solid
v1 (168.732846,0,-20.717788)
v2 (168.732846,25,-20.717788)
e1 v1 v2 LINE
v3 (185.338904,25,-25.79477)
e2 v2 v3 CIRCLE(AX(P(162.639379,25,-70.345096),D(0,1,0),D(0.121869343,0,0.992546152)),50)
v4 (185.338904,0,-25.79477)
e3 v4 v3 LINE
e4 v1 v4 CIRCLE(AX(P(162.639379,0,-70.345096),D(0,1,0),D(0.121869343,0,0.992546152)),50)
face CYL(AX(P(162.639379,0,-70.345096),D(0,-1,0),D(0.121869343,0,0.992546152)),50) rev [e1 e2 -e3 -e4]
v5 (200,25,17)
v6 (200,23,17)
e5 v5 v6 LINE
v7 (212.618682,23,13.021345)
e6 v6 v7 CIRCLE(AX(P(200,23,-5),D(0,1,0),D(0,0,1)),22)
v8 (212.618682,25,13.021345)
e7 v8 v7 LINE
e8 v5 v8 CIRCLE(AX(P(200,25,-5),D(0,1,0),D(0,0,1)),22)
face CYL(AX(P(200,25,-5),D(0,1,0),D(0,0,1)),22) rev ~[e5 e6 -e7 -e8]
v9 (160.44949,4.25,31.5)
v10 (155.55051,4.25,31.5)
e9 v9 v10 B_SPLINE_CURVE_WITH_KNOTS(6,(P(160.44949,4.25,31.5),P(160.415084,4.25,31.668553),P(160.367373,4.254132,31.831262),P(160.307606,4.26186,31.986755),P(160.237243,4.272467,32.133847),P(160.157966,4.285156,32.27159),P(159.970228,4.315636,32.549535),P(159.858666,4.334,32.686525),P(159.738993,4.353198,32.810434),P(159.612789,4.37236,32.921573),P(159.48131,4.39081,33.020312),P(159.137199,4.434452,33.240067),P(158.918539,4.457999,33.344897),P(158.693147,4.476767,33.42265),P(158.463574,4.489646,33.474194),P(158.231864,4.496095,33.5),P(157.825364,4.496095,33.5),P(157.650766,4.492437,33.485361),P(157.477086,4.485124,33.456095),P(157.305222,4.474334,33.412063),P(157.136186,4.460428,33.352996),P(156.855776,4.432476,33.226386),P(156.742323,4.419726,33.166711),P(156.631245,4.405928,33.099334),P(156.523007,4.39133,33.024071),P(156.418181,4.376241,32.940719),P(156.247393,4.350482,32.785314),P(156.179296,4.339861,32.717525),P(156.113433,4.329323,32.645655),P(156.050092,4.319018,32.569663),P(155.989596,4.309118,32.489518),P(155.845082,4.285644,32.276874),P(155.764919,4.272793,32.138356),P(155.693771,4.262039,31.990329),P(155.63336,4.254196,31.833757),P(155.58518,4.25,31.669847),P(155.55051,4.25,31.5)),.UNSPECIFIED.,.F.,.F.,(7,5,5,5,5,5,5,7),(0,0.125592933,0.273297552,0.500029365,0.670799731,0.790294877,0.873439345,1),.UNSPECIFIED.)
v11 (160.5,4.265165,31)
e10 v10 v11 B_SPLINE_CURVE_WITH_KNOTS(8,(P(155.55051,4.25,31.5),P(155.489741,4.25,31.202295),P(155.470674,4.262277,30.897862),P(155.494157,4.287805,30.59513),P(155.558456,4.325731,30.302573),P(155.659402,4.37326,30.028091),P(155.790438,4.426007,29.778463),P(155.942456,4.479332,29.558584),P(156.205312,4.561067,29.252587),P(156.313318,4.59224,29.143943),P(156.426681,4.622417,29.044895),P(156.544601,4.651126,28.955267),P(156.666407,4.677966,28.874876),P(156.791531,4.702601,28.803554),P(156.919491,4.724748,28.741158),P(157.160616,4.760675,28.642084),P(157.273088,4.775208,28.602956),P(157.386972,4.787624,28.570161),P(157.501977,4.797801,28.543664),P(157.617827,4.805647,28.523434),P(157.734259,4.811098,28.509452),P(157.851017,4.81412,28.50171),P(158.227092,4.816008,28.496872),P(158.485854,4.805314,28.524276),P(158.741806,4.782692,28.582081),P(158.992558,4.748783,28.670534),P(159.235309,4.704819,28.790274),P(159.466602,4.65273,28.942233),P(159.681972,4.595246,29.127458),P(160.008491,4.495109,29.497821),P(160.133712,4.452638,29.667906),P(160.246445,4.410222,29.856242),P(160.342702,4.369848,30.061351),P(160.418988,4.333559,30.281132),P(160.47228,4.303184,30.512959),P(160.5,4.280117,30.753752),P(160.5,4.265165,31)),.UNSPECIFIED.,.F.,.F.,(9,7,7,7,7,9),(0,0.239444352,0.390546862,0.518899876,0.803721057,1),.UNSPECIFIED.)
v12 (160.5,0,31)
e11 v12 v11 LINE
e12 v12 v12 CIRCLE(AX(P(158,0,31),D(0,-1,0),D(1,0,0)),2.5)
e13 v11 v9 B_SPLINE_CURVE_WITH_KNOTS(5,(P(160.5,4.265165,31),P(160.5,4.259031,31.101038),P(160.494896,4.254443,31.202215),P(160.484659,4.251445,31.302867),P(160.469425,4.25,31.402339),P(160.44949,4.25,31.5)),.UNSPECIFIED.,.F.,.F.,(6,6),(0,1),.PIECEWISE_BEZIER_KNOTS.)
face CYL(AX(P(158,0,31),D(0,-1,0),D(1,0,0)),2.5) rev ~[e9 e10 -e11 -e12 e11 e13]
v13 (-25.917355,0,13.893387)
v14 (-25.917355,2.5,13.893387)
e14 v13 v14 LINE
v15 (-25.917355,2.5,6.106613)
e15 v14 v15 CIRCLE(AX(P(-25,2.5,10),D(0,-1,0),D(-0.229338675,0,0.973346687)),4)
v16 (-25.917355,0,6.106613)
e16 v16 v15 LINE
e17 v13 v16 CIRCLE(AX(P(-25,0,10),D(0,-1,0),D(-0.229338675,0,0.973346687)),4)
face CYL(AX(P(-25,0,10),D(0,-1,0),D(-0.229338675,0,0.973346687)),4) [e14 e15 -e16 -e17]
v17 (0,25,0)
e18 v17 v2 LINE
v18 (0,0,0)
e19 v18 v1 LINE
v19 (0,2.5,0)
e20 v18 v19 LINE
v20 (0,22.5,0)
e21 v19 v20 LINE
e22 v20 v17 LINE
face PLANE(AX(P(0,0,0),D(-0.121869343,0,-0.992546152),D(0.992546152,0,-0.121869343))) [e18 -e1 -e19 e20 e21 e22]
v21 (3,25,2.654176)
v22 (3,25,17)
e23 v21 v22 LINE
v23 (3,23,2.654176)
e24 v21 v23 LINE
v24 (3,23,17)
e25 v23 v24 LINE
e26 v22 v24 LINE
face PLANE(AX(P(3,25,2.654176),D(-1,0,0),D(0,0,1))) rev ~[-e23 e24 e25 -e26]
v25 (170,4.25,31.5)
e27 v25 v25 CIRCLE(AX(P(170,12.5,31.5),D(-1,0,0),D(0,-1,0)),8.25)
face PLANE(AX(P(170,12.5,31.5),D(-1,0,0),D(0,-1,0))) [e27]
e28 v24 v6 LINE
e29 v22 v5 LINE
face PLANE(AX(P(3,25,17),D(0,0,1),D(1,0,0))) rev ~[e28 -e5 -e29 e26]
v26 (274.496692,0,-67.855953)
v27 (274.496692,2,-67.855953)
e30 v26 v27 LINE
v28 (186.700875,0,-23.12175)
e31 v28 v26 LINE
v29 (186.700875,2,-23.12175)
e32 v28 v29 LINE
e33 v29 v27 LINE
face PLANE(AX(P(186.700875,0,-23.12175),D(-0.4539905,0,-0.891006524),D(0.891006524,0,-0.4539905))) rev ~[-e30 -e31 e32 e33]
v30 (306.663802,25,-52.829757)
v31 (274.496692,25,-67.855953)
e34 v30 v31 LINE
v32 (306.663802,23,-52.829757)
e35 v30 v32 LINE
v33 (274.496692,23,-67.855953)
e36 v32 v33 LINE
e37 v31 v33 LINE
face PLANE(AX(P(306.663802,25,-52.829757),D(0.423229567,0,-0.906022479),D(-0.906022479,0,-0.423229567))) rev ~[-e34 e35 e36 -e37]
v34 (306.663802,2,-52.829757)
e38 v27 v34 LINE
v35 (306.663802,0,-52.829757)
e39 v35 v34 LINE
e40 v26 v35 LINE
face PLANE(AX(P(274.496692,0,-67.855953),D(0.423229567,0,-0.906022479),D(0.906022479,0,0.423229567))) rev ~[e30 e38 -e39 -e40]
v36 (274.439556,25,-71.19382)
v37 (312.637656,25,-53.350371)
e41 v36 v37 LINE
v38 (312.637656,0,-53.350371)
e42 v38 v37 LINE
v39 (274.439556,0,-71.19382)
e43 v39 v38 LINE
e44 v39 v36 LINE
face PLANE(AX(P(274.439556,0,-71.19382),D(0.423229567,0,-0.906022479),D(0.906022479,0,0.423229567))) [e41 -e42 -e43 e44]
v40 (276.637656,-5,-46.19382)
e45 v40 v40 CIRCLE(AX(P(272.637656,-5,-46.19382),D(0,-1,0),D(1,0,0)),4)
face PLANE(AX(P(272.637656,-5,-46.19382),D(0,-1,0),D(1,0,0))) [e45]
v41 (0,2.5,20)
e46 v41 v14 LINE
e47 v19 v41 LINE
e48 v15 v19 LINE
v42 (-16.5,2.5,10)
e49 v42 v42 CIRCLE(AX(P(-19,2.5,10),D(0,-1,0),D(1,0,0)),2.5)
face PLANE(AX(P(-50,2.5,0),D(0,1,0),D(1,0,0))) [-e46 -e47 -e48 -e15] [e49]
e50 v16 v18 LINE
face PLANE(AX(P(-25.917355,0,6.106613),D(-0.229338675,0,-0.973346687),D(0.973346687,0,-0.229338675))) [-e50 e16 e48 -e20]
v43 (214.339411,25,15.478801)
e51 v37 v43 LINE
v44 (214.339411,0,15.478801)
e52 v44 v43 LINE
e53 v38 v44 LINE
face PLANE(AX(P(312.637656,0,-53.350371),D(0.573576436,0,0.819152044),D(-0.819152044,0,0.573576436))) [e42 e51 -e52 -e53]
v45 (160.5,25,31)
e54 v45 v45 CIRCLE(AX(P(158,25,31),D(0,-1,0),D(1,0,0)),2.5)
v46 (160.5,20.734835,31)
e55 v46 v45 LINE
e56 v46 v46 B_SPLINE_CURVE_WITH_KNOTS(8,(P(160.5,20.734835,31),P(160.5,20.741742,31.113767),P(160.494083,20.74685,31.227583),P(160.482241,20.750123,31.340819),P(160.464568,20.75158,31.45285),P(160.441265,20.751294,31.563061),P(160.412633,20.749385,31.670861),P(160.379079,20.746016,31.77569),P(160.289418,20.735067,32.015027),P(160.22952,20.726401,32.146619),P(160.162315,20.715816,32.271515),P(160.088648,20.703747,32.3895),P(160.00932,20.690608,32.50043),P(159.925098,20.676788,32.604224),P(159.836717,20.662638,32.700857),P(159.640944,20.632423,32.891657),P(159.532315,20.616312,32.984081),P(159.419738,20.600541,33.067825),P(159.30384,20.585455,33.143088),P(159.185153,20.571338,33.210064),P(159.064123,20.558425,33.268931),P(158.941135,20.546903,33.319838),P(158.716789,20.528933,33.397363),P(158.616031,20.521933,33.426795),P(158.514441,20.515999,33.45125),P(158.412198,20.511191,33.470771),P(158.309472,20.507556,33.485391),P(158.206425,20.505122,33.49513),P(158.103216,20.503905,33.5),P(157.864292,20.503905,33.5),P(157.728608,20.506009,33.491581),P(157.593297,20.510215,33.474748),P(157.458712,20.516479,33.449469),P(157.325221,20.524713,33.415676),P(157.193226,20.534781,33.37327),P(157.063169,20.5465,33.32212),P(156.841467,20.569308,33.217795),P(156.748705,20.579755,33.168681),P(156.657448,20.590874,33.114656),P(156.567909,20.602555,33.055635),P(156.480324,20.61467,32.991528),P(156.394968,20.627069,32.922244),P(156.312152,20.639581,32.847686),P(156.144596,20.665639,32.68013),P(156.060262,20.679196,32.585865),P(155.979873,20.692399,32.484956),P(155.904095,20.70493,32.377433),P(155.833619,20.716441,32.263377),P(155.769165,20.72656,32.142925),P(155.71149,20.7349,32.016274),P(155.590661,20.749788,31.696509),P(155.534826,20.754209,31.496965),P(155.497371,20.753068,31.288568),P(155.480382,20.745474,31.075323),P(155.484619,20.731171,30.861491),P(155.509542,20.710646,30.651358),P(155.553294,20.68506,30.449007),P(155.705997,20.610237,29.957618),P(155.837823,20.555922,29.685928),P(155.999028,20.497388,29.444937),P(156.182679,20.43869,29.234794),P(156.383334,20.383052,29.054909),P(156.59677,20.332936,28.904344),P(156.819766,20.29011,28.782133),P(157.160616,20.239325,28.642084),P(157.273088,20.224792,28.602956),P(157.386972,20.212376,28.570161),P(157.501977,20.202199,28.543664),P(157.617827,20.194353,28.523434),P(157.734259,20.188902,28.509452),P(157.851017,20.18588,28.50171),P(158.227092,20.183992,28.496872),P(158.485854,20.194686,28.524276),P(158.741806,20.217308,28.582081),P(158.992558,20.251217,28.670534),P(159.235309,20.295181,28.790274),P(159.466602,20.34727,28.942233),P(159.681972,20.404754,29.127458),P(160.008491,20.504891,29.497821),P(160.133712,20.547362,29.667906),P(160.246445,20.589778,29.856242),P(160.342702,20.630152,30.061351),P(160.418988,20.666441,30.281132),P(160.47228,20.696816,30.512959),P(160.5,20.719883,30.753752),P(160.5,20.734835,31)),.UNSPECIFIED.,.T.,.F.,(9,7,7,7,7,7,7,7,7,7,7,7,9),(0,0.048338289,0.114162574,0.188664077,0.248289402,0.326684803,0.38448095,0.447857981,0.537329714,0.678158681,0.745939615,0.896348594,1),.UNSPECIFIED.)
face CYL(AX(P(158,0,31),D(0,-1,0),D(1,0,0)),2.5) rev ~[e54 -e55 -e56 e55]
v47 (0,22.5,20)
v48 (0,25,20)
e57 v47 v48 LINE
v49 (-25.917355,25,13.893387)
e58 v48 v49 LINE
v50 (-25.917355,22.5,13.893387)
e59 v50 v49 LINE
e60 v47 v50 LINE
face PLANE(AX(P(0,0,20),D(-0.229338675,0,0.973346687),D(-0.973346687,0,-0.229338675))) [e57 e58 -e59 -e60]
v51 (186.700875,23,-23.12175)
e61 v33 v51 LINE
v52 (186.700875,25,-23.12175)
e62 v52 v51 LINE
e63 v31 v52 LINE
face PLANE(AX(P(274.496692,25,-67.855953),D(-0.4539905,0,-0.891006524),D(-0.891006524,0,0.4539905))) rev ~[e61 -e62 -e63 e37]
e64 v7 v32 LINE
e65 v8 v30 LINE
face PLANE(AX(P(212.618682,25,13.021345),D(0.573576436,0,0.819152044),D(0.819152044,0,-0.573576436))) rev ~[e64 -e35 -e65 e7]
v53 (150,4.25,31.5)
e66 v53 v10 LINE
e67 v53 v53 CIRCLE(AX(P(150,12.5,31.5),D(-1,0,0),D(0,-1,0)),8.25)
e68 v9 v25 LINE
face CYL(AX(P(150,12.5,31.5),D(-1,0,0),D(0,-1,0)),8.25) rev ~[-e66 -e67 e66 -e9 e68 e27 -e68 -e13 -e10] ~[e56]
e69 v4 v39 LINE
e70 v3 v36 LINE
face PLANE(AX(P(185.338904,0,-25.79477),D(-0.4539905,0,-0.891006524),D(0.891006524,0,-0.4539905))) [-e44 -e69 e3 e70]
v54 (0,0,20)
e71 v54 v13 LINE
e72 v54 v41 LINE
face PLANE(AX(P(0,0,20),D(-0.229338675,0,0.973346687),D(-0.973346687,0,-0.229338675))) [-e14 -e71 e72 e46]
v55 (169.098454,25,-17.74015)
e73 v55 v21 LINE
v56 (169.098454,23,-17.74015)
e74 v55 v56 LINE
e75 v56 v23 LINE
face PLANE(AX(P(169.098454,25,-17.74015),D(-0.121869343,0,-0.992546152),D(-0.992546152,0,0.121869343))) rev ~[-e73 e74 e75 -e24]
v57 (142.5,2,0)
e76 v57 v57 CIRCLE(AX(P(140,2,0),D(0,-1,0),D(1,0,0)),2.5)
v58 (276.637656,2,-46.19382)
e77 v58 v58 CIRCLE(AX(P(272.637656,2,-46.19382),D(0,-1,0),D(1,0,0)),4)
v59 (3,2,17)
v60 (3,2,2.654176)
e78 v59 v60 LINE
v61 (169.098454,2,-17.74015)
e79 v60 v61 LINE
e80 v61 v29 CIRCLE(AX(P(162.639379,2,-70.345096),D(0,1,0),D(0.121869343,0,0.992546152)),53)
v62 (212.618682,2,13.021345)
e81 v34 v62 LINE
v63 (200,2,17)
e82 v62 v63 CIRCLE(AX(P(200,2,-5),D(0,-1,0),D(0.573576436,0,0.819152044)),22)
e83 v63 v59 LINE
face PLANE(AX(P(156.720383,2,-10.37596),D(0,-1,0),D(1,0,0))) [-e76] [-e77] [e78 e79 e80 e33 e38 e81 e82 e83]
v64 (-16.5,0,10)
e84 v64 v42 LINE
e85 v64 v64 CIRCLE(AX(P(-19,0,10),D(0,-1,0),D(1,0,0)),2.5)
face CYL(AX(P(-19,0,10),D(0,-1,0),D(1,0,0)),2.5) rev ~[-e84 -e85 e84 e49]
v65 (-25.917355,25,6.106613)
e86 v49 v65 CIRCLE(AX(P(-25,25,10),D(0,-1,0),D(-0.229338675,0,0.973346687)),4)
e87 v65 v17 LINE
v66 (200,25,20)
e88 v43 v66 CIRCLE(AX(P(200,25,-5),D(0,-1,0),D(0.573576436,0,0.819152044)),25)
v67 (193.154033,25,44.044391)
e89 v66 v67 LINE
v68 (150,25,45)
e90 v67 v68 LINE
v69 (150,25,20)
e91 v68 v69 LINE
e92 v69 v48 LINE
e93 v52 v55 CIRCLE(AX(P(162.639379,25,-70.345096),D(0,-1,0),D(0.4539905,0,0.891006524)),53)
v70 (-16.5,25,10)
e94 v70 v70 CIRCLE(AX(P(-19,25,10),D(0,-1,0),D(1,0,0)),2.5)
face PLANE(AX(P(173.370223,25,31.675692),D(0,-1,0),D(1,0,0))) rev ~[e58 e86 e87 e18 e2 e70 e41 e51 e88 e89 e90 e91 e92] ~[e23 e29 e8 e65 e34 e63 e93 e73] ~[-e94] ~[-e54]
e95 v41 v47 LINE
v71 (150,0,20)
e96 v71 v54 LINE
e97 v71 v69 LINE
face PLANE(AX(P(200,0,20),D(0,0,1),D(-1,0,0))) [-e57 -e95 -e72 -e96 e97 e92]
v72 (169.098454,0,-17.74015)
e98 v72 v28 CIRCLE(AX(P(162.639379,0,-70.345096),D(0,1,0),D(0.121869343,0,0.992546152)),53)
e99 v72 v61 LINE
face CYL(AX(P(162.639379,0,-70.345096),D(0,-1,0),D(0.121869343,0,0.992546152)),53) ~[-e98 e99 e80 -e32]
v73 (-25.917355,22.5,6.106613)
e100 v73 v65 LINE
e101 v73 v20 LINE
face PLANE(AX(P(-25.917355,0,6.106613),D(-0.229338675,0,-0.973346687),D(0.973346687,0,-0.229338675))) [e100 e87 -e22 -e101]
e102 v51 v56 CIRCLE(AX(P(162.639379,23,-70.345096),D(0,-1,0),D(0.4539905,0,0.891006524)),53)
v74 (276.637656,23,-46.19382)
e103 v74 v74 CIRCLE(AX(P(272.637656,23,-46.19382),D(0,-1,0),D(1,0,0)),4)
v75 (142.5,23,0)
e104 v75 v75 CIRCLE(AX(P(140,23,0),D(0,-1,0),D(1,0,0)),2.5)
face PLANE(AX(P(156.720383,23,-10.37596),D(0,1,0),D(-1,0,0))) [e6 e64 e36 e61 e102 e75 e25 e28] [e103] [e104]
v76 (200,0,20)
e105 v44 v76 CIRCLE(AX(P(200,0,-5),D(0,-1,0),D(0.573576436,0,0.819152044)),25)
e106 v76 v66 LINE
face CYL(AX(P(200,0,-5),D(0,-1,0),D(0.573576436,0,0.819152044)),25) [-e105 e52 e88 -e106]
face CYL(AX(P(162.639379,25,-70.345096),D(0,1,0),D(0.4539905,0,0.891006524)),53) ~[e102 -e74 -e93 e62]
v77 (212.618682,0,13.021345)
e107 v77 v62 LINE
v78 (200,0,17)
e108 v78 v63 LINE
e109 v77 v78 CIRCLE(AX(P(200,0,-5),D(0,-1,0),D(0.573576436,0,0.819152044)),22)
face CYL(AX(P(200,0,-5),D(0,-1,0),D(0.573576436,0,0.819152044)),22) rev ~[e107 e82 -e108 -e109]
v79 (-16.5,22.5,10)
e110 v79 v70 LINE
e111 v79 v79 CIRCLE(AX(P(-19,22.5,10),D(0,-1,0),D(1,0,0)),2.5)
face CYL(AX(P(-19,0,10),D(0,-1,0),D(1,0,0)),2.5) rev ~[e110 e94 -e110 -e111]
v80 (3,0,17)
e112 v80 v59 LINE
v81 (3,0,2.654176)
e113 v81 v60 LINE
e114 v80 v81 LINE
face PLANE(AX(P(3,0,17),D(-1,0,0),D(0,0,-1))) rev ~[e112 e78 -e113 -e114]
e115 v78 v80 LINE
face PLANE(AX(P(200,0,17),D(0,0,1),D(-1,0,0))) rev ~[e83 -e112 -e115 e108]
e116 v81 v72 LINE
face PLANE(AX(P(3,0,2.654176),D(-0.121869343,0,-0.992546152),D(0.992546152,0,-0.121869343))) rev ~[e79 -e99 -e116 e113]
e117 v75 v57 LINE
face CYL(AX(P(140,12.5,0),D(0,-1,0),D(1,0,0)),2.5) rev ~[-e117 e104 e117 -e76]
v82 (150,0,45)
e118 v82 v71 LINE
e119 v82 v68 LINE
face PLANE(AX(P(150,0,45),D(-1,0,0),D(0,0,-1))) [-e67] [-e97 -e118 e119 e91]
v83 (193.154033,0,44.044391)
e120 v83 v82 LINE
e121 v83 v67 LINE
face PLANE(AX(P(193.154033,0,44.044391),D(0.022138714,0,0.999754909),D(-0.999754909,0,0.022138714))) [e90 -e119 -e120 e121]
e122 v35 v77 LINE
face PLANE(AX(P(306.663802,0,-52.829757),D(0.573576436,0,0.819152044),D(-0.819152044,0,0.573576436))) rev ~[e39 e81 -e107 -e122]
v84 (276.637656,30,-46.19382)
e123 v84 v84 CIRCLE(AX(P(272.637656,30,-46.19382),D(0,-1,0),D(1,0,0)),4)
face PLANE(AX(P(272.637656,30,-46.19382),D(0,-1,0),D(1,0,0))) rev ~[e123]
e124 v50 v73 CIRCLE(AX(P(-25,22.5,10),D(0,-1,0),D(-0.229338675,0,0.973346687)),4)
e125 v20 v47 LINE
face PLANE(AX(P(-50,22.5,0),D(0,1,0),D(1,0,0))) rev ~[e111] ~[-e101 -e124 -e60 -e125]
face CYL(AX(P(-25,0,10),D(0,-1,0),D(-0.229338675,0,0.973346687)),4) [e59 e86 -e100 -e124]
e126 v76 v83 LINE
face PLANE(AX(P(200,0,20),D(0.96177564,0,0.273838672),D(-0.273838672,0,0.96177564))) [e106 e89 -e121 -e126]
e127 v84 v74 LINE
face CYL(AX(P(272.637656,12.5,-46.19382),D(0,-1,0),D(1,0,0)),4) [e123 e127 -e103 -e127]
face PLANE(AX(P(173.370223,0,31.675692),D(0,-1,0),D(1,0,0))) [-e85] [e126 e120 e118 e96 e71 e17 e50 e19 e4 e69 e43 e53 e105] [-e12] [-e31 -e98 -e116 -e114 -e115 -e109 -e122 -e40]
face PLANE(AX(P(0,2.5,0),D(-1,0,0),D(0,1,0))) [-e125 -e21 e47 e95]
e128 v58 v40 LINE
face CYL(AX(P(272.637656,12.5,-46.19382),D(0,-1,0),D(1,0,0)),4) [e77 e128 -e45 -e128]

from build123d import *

# Parameters (mm, degrees)
F1_DEPTH  = 25
F3_DEPTH  = 2
F5_DEPTH  = 2
F6_DEPTH  = 25
F7_W      = 50
F7_H      = 20
F8_DEPTH  = 20.001
F9_R      = 2.5
F10_DEPTH = 25.001
F12_DEPTH = 25
F14_R     = 8.25
F15_DEPTH = 20
F16_R     = 2.5
F17_DEPTH = 25
F18_R     = 2.5
F19_DEPTH = 25
F21_R     = 4
F22_DEPTH = 17.5
F23_R     = 2.5
F24_DEPTH = 12.5


with BuildPart() as f1:
    # F0 (on Front) → F1 (new body)
    with BuildSketch(Plane.XZ):
        with BuildLine():
            Line((200, 20), (0, 20))
            Line((0, 20), (0, 0))
            Line((0, 0), (168.732845779, -20.7177883789))
            ThreePointArc((168.732845779, -20.7177883789), (177.2579638449, -22.5298581628), (185.3389035957, -25.7947697515))
            Line((185.3389035957, -25.7947697515), (274.4395560146, -71.1938197255))
            Line((274.4395560146, -71.1938197255), (312.6376562235, -53.3503712549))
            Line((312.6376562235, -53.3503712549), (214.3394109088, 15.4788011072))
            ThreePointArc((214.3394109088, 15.4788011072), (207.5176449876, 18.8429237687), (200, 20))
        make_face()
    extrude(amount=-F1_DEPTH)

    # F2 (on face) → F3 (cut)
    with BuildSketch(Plane.XZ):
        with BuildLine():
            ThreePointArc((169.0984538092, -17.740149924), (178.1350789591, -19.6609438949), (186.700875095, -23.121750179))
            Line((186.700875095, -23.121750179), (274.4966924755, -67.8559534935))
            Line((274.4966924755, -67.8559534935), (306.6638017347, -52.829757076))
            Line((306.6638017347, -52.829757076), (212.6186815997, 13.0213449744))
            ThreePointArc((212.6186815997, 13.0213449744), (206.6155275891, 15.9817729165), (200, 17))
            Line((200, 17), (3, 17))
            Line((3, 17), (3, 2.6541757937))
            Line((3, 2.6541757937), (169.0984538092, -17.740149924))
        make_face()
    extrude(amount=-F3_DEPTH, mode=Mode.SUBTRACT)

    # F4 (on face) → F5 (cut)
    with BuildSketch(Plane(origin=(0, 25, 0), x_dir=(-1, 0, 0), z_dir=(0, 1, 0))):
        with BuildLine():
            ThreePointArc((-200, 17), (-206.6155275891, 15.9817729165), (-212.6186815997, 13.0213449744))
            Line((-212.6186815997, 13.0213449744), (-306.6638017347, -52.829757076))
            Line((-306.6638017347, -52.829757076), (-274.4966924755, -67.8559534935))
            Line((-274.4966924755, -67.8559534935), (-186.700875095, -23.121750179))
            ThreePointArc((-186.700875095, -23.121750179), (-178.1350789591, -19.6609438949), (-169.0984538092, -17.740149924))
            Line((-169.0984538092, -17.740149924), (-3, 2.6541757937))
            Line((-3, 2.6541757937), (-3, 17))
            Line((-3, 17), (-200, 17))
        make_face()
    extrude(amount=-F5_DEPTH, mode=Mode.SUBTRACT)

    # F0 (on Front) → F6 (join)
    with BuildSketch(Plane.XZ):
        with BuildLine():
            Line((0, 0), (0, 20))
            Line((0, 20), (-25.9173546986, 13.8933867464))
            ThreePointArc((-25.9173546986, 13.8933867464), (-29, 10), (-25.9173546986, 6.1066132536))
            Line((-25.9173546986, 6.1066132536), (0, 0))
        make_face()
    extrude(amount=-F6_DEPTH)

    # F7 (on Top) → F8 (cut, through all)
    with BuildSketch(Plane.XY):
        with Locations((-25, 12.5)):
            Rectangle(F7_W, F7_H)
    extrude(amount=F8_DEPTH, mode=Mode.SUBTRACT)

    # F9 (on Front) → F10 (cut, through all)
    with BuildSketch(Plane.XZ):
        with Locations((-19, 10)):
            Circle(F9_R)
    extrude(amount=-F10_DEPTH, mode=Mode.SUBTRACT)

    # F11 (on Front) → F12 (join)
    with BuildSketch(Plane.XZ):
        Polygon((150, 45), (150, 20), (200, 20), (193.1540331912, 44.0443909977), align=None)
    extrude(amount=-F12_DEPTH)

    # F14 (on face) → F15 (cut)
    with BuildSketch(Plane(origin=(150, 0, 0), x_dir=(0, -1, 0), z_dir=(-1, 0, 0))):
        with Locations((-12.5, 31.5)):
            Circle(F14_R)
    extrude(amount=-F15_DEPTH, mode=Mode.SUBTRACT)

    # F16 (on face) → F17 (cut)
    with BuildSketch(Plane.XZ):
        with Locations((144.0621566447, 31.638596327)):
            Circle(F16_R)
    extrude(amount=-F17_DEPTH, mode=Mode.SUBTRACT)

    # F18 (on face) → F19 (cut)
    with BuildSketch(Plane.XZ):
        with Locations((158, 31)):
            Circle(F18_R)
    extrude(amount=-F19_DEPTH, mode=Mode.SUBTRACT)

    # F21 (on offset) → F22 (join, symmetric)
    with BuildSketch(Plane.XZ.offset(-12.5)):
        with Locations((272.6376562235, -46.1938197255)):
            Circle(F21_R)
    extrude(amount=F22_DEPTH, both=True)

    # F23 (on offset) → F24 (cut, symmetric)
    with BuildSketch(Plane.XZ.offset(-12.5)):
        with Locations((140, 0)):
            Circle(F23_R)
    extrude(amount=F24_DEPTH, both=True, mode=Mode.SUBTRACT)


solid = f1.part
